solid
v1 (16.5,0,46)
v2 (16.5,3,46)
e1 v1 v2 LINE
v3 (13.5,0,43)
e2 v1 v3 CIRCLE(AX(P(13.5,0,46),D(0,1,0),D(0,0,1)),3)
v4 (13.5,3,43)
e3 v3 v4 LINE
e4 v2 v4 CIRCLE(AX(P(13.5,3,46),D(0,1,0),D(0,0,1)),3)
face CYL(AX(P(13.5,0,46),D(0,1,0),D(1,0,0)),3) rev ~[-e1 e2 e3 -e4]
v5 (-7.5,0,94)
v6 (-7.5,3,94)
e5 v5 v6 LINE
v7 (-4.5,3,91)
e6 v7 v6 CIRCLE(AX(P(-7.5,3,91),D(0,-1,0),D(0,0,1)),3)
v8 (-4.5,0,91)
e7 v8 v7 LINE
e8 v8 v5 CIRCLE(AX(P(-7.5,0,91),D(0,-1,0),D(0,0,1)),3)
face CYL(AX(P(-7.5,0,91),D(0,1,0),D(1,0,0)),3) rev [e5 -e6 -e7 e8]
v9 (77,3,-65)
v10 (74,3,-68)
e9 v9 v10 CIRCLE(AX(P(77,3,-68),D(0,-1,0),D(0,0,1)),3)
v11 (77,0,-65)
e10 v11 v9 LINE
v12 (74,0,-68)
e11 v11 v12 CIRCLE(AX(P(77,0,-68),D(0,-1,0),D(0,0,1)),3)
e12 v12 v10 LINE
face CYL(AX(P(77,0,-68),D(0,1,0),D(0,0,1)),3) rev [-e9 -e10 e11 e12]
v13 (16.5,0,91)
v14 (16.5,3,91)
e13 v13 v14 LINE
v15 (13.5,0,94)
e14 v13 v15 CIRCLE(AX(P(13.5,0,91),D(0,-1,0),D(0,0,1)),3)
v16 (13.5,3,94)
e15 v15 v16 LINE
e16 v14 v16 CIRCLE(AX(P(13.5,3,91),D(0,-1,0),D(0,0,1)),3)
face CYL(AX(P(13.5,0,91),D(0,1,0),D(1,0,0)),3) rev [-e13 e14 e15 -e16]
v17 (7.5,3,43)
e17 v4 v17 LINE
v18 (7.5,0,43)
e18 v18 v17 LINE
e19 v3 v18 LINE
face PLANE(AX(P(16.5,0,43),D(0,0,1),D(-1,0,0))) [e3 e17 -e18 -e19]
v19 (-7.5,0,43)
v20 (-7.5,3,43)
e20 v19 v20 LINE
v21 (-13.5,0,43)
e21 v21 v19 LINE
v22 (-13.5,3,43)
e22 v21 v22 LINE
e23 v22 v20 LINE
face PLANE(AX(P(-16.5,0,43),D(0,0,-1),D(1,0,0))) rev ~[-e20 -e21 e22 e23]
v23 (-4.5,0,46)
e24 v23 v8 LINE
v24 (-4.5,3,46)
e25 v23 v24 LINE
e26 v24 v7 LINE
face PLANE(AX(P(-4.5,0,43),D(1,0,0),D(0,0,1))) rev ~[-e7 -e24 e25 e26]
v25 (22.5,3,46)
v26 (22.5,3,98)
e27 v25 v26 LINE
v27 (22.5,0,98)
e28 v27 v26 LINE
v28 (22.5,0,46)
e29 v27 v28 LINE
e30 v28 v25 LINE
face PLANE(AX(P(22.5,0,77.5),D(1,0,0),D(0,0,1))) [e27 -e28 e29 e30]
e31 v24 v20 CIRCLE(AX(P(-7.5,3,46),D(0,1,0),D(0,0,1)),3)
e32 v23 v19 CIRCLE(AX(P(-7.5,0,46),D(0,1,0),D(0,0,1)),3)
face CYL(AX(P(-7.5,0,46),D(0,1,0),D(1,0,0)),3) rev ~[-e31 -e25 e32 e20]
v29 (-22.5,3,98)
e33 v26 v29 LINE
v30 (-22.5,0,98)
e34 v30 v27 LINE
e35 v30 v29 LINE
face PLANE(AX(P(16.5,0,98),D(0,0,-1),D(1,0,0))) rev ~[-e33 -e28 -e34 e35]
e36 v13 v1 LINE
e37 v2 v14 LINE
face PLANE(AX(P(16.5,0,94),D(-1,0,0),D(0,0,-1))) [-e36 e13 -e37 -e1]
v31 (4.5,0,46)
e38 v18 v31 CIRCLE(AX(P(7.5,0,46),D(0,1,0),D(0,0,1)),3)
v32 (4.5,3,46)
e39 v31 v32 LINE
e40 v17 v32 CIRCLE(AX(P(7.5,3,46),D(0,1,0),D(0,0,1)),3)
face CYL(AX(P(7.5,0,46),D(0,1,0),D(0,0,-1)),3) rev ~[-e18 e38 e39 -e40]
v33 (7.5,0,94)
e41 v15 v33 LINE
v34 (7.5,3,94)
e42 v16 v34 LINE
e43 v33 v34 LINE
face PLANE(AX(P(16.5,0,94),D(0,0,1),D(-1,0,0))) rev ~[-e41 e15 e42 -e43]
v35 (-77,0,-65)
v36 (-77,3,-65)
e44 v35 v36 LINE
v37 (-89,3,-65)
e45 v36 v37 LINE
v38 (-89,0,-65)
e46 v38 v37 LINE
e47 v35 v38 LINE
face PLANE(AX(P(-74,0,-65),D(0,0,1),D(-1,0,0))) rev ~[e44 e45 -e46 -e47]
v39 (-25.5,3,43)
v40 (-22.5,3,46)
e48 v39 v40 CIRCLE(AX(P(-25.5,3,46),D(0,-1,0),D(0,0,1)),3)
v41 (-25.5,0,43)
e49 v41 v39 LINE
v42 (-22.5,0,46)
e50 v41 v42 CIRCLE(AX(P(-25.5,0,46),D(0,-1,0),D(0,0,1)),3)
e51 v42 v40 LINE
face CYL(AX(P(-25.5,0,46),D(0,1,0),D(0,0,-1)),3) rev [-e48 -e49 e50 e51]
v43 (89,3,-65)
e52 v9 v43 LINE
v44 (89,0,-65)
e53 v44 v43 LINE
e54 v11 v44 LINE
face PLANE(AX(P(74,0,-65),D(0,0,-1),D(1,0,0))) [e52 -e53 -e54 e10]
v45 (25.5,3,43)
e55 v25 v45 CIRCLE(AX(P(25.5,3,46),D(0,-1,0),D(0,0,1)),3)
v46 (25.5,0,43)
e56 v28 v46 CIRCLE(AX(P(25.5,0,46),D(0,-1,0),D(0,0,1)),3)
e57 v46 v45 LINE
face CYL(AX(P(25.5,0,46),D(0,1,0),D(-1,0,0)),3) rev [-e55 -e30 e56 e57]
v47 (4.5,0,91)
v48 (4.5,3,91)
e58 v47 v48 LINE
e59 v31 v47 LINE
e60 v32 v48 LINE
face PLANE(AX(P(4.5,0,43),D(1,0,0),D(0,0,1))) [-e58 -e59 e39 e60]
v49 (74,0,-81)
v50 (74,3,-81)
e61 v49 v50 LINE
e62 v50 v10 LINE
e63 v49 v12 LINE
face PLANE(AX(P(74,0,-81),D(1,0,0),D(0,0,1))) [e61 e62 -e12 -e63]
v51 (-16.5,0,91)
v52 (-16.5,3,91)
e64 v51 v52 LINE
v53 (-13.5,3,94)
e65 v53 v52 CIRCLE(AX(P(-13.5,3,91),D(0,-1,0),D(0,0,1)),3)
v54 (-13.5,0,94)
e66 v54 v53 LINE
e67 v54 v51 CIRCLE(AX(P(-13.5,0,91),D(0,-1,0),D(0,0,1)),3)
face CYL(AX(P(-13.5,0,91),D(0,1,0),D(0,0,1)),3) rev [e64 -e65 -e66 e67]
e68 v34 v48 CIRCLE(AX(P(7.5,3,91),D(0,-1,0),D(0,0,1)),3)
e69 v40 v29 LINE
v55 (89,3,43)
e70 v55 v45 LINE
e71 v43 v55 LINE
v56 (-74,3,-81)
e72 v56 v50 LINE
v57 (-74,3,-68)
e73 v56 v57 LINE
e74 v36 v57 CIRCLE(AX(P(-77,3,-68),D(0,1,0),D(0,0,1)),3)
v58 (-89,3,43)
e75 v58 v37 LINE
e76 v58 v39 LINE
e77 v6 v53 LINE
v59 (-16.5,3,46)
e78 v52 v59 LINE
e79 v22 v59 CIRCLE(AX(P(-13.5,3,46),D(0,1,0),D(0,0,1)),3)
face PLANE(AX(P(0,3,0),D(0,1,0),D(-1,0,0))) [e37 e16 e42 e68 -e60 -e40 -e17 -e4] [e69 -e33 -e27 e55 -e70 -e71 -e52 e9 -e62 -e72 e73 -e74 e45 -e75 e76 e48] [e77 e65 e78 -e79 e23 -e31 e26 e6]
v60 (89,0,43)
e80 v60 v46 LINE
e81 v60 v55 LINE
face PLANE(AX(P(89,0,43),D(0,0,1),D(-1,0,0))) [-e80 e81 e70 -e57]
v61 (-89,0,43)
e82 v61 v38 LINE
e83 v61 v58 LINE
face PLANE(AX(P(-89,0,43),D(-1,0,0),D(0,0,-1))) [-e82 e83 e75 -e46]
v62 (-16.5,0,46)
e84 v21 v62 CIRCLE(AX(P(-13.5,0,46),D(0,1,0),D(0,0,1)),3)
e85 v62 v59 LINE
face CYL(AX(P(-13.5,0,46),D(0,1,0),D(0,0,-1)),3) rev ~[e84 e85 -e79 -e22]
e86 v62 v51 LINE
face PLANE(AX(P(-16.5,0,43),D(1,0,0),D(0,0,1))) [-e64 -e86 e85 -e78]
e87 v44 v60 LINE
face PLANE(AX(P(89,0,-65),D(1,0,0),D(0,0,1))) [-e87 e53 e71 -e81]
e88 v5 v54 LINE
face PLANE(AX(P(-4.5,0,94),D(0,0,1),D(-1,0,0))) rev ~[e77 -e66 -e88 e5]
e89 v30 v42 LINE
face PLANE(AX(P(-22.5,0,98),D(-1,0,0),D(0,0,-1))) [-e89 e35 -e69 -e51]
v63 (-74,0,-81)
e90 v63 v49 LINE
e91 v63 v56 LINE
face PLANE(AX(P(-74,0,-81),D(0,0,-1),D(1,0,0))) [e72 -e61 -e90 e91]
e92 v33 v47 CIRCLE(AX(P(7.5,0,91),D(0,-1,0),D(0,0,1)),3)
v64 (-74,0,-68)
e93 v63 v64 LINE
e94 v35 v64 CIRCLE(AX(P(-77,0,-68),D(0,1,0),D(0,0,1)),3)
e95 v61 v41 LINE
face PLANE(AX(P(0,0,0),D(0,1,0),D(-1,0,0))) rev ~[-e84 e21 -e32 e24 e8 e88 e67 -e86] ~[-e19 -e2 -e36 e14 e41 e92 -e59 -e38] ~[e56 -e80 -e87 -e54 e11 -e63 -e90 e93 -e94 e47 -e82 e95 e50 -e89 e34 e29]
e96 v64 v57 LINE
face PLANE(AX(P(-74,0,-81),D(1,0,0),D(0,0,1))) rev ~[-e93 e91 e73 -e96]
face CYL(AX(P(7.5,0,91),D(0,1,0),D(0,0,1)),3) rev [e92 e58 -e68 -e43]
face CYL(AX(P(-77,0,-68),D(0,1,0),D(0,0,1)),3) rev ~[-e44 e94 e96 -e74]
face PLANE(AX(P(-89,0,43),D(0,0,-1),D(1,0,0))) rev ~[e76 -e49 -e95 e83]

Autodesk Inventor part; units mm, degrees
ref_plane "YZ Plane" through (0, 0, 0) normal (1, 0, 0) x (0, 1, 0)
ref_plane "XZ Plane" through (0, 0, 0) normal (0, 1, 0) x (-1, 0, 0)
ref_plane "XY Plane" through (0, 0, 0) normal (0, 0, 1) x (1, 0, 0)
sketch "Sketch2" plane through (0, 0, 0) normal (0, 1, 0) x (-1, 0, 0)
  line L0 (-89, 99) -> (89, 99)
  line L1 (89, 99) -> (89, -99)
  line L2 (89, -99) -> (-89, -99)
  line L3 (-89, -99) -> (-89, 99)
  line L4 (-89, 99) -> (89, -99) construction
  line L5 (89, 99) -> (-89, -99) construction
  line L6 (-89, 99) -> (89, 99)
  line L7 (89, 99) -> (89, -81)
  line L8 (89, -81) -> (-89, -81)
  line L9 (-89, -81) -> (-89, 99)
  line L10 (-4.5, 99) -> (-89, 99)
  line L11 (-89, 99) -> (-89, 43)
  line L12 (-89, 43) -> (-4.5, 43)
  line L13 (-4.5, 43) -> (-4.5, 99)
  line L14 (4.5, 99) -> (89, 99)
  line L15 (89, 99) -> (89, 43)
  line L16 (89, 43) -> (4.5, 43)
  line L17 (4.5, 43) -> (4.5, 99)
  line L18 (22.5, 77.5) -> (22.5, 66.5) projected
  line L19 (16.5, 66.5) -> (16.5, 77.5) projected
  line L20 (-22.5, 66.5) -> (-22.5, 77.5) projected
  line L21 (-16.5, 77.5) -> (-16.5, 66.5) projected
  line L22 (-22.5, 99) -> (-16.5, 99)
  line L23 (-16.5, 99) -> (-16.5, 43)
  line L24 (-16.5, 43) -> (-22.5, 43)
  line L25 (-22.5, 43) -> (-22.5, 99)
  line L26 (16.5, 99) -> (22.5, 99)
  line L27 (22.5, 99) -> (22.5, 43)
  line L28 (22.5, 43) -> (16.5, 43)
  line L29 (16.5, 43) -> (16.5, 99)
  line L30 (-89, 99) -> (89, 99)
  line L31 (89, 99) -> (89, 98)
  line L32 (89, 98) -> (-89, 98)
  line L33 (-89, 98) -> (-89, 99)
  line L34 (89, -81) -> (74, -81)
  line L35 (74, -81) -> (74, -65)
  line L36 (74, -65) -> (89, -65)
  line L37 (89, -65) -> (89, -81)
  line L38 (-89, -81) -> (-74, -81)
  line L39 (-74, -81) -> (-74, -65)
  line L40 (-74, -65) -> (-89, -65)
  line L41 (-89, -65) -> (-89, -81)
  line L42 (16.5, 98) -> (-16.5, 98)
  line L43 (-16.5, 98) -> (-16.5, 94)
  line L44 (-16.5, 94) -> (16.5, 94)
  line L45 (16.5, 94) -> (16.5, 98)
  point P0 (0, 0)
  point P1 (4.5, 99)
  point P2 (-4.5, 99)
  point P3 (-89, 43)
  point P4 (89, 43)
  point P5 (4.5, 98)
  point P6 (-4.5, 98)
  point P7 (-16.5, 98)
  point P8 (-22.5, 98)
  point P9 (22.5, 98)
  point P10 (16.5, 98)
  point P11 (-4.5, 94)
  point P12 (4.5, 94)
  point P13 (16.5, 94)
  dimension "d8" = 178
  dimension "d9" = 198
  dimension "d10" = 18
  dimension "d11" = 84.5
  dimension "d13" = 84.5
  dimension "d17" = 9
  dimension "d18" = 1
  dimension "d19" = 15
  dimension "d20" = 16
  dimension "d21" = 15
  dimension "d22" = 16
  dimension "d75" = 55
  dimension "d76" = 55
  dimension "d77" = 6
  dimension "d78" = 6
  dimension "d79" = 4
extrude "Extrusion2" add sketch "Sketch2" along normal blind 3 contours L32 L23 L21 L12 L25 L20 | L12 L13 L44 L17 L16 L1 L36 L35 L8 L39 L40 L3 | L32 L13 L44 L23 | L32 L17 L44 L13 | L32 L29 L44 L17 | L32 L27 L18 L16 L29 L19
fillet "Fillet1" radius 3 6 edges at (22.5, 1.5, 43) (-22.5, 1.5, 43) (-16.5, 1.5, 43) (-4.5, 1.5, 43) (4.5, 1.5, 43) (16.5, 1.5, 43)
fillet "Fillet2" radius 3 2 edges at (74, 1.5, -65) (-74, 1.5, -65)
fillet "Fillet3" radius 3 4 edges at (16.5, 1.5, 94) (4.5, 1.5, 94) (-4.5, 1.5, 94) (-16.5, 1.5, 94)
equation "\"d11\" = d13"
properties part number "base" material "Aluminum 6061"
